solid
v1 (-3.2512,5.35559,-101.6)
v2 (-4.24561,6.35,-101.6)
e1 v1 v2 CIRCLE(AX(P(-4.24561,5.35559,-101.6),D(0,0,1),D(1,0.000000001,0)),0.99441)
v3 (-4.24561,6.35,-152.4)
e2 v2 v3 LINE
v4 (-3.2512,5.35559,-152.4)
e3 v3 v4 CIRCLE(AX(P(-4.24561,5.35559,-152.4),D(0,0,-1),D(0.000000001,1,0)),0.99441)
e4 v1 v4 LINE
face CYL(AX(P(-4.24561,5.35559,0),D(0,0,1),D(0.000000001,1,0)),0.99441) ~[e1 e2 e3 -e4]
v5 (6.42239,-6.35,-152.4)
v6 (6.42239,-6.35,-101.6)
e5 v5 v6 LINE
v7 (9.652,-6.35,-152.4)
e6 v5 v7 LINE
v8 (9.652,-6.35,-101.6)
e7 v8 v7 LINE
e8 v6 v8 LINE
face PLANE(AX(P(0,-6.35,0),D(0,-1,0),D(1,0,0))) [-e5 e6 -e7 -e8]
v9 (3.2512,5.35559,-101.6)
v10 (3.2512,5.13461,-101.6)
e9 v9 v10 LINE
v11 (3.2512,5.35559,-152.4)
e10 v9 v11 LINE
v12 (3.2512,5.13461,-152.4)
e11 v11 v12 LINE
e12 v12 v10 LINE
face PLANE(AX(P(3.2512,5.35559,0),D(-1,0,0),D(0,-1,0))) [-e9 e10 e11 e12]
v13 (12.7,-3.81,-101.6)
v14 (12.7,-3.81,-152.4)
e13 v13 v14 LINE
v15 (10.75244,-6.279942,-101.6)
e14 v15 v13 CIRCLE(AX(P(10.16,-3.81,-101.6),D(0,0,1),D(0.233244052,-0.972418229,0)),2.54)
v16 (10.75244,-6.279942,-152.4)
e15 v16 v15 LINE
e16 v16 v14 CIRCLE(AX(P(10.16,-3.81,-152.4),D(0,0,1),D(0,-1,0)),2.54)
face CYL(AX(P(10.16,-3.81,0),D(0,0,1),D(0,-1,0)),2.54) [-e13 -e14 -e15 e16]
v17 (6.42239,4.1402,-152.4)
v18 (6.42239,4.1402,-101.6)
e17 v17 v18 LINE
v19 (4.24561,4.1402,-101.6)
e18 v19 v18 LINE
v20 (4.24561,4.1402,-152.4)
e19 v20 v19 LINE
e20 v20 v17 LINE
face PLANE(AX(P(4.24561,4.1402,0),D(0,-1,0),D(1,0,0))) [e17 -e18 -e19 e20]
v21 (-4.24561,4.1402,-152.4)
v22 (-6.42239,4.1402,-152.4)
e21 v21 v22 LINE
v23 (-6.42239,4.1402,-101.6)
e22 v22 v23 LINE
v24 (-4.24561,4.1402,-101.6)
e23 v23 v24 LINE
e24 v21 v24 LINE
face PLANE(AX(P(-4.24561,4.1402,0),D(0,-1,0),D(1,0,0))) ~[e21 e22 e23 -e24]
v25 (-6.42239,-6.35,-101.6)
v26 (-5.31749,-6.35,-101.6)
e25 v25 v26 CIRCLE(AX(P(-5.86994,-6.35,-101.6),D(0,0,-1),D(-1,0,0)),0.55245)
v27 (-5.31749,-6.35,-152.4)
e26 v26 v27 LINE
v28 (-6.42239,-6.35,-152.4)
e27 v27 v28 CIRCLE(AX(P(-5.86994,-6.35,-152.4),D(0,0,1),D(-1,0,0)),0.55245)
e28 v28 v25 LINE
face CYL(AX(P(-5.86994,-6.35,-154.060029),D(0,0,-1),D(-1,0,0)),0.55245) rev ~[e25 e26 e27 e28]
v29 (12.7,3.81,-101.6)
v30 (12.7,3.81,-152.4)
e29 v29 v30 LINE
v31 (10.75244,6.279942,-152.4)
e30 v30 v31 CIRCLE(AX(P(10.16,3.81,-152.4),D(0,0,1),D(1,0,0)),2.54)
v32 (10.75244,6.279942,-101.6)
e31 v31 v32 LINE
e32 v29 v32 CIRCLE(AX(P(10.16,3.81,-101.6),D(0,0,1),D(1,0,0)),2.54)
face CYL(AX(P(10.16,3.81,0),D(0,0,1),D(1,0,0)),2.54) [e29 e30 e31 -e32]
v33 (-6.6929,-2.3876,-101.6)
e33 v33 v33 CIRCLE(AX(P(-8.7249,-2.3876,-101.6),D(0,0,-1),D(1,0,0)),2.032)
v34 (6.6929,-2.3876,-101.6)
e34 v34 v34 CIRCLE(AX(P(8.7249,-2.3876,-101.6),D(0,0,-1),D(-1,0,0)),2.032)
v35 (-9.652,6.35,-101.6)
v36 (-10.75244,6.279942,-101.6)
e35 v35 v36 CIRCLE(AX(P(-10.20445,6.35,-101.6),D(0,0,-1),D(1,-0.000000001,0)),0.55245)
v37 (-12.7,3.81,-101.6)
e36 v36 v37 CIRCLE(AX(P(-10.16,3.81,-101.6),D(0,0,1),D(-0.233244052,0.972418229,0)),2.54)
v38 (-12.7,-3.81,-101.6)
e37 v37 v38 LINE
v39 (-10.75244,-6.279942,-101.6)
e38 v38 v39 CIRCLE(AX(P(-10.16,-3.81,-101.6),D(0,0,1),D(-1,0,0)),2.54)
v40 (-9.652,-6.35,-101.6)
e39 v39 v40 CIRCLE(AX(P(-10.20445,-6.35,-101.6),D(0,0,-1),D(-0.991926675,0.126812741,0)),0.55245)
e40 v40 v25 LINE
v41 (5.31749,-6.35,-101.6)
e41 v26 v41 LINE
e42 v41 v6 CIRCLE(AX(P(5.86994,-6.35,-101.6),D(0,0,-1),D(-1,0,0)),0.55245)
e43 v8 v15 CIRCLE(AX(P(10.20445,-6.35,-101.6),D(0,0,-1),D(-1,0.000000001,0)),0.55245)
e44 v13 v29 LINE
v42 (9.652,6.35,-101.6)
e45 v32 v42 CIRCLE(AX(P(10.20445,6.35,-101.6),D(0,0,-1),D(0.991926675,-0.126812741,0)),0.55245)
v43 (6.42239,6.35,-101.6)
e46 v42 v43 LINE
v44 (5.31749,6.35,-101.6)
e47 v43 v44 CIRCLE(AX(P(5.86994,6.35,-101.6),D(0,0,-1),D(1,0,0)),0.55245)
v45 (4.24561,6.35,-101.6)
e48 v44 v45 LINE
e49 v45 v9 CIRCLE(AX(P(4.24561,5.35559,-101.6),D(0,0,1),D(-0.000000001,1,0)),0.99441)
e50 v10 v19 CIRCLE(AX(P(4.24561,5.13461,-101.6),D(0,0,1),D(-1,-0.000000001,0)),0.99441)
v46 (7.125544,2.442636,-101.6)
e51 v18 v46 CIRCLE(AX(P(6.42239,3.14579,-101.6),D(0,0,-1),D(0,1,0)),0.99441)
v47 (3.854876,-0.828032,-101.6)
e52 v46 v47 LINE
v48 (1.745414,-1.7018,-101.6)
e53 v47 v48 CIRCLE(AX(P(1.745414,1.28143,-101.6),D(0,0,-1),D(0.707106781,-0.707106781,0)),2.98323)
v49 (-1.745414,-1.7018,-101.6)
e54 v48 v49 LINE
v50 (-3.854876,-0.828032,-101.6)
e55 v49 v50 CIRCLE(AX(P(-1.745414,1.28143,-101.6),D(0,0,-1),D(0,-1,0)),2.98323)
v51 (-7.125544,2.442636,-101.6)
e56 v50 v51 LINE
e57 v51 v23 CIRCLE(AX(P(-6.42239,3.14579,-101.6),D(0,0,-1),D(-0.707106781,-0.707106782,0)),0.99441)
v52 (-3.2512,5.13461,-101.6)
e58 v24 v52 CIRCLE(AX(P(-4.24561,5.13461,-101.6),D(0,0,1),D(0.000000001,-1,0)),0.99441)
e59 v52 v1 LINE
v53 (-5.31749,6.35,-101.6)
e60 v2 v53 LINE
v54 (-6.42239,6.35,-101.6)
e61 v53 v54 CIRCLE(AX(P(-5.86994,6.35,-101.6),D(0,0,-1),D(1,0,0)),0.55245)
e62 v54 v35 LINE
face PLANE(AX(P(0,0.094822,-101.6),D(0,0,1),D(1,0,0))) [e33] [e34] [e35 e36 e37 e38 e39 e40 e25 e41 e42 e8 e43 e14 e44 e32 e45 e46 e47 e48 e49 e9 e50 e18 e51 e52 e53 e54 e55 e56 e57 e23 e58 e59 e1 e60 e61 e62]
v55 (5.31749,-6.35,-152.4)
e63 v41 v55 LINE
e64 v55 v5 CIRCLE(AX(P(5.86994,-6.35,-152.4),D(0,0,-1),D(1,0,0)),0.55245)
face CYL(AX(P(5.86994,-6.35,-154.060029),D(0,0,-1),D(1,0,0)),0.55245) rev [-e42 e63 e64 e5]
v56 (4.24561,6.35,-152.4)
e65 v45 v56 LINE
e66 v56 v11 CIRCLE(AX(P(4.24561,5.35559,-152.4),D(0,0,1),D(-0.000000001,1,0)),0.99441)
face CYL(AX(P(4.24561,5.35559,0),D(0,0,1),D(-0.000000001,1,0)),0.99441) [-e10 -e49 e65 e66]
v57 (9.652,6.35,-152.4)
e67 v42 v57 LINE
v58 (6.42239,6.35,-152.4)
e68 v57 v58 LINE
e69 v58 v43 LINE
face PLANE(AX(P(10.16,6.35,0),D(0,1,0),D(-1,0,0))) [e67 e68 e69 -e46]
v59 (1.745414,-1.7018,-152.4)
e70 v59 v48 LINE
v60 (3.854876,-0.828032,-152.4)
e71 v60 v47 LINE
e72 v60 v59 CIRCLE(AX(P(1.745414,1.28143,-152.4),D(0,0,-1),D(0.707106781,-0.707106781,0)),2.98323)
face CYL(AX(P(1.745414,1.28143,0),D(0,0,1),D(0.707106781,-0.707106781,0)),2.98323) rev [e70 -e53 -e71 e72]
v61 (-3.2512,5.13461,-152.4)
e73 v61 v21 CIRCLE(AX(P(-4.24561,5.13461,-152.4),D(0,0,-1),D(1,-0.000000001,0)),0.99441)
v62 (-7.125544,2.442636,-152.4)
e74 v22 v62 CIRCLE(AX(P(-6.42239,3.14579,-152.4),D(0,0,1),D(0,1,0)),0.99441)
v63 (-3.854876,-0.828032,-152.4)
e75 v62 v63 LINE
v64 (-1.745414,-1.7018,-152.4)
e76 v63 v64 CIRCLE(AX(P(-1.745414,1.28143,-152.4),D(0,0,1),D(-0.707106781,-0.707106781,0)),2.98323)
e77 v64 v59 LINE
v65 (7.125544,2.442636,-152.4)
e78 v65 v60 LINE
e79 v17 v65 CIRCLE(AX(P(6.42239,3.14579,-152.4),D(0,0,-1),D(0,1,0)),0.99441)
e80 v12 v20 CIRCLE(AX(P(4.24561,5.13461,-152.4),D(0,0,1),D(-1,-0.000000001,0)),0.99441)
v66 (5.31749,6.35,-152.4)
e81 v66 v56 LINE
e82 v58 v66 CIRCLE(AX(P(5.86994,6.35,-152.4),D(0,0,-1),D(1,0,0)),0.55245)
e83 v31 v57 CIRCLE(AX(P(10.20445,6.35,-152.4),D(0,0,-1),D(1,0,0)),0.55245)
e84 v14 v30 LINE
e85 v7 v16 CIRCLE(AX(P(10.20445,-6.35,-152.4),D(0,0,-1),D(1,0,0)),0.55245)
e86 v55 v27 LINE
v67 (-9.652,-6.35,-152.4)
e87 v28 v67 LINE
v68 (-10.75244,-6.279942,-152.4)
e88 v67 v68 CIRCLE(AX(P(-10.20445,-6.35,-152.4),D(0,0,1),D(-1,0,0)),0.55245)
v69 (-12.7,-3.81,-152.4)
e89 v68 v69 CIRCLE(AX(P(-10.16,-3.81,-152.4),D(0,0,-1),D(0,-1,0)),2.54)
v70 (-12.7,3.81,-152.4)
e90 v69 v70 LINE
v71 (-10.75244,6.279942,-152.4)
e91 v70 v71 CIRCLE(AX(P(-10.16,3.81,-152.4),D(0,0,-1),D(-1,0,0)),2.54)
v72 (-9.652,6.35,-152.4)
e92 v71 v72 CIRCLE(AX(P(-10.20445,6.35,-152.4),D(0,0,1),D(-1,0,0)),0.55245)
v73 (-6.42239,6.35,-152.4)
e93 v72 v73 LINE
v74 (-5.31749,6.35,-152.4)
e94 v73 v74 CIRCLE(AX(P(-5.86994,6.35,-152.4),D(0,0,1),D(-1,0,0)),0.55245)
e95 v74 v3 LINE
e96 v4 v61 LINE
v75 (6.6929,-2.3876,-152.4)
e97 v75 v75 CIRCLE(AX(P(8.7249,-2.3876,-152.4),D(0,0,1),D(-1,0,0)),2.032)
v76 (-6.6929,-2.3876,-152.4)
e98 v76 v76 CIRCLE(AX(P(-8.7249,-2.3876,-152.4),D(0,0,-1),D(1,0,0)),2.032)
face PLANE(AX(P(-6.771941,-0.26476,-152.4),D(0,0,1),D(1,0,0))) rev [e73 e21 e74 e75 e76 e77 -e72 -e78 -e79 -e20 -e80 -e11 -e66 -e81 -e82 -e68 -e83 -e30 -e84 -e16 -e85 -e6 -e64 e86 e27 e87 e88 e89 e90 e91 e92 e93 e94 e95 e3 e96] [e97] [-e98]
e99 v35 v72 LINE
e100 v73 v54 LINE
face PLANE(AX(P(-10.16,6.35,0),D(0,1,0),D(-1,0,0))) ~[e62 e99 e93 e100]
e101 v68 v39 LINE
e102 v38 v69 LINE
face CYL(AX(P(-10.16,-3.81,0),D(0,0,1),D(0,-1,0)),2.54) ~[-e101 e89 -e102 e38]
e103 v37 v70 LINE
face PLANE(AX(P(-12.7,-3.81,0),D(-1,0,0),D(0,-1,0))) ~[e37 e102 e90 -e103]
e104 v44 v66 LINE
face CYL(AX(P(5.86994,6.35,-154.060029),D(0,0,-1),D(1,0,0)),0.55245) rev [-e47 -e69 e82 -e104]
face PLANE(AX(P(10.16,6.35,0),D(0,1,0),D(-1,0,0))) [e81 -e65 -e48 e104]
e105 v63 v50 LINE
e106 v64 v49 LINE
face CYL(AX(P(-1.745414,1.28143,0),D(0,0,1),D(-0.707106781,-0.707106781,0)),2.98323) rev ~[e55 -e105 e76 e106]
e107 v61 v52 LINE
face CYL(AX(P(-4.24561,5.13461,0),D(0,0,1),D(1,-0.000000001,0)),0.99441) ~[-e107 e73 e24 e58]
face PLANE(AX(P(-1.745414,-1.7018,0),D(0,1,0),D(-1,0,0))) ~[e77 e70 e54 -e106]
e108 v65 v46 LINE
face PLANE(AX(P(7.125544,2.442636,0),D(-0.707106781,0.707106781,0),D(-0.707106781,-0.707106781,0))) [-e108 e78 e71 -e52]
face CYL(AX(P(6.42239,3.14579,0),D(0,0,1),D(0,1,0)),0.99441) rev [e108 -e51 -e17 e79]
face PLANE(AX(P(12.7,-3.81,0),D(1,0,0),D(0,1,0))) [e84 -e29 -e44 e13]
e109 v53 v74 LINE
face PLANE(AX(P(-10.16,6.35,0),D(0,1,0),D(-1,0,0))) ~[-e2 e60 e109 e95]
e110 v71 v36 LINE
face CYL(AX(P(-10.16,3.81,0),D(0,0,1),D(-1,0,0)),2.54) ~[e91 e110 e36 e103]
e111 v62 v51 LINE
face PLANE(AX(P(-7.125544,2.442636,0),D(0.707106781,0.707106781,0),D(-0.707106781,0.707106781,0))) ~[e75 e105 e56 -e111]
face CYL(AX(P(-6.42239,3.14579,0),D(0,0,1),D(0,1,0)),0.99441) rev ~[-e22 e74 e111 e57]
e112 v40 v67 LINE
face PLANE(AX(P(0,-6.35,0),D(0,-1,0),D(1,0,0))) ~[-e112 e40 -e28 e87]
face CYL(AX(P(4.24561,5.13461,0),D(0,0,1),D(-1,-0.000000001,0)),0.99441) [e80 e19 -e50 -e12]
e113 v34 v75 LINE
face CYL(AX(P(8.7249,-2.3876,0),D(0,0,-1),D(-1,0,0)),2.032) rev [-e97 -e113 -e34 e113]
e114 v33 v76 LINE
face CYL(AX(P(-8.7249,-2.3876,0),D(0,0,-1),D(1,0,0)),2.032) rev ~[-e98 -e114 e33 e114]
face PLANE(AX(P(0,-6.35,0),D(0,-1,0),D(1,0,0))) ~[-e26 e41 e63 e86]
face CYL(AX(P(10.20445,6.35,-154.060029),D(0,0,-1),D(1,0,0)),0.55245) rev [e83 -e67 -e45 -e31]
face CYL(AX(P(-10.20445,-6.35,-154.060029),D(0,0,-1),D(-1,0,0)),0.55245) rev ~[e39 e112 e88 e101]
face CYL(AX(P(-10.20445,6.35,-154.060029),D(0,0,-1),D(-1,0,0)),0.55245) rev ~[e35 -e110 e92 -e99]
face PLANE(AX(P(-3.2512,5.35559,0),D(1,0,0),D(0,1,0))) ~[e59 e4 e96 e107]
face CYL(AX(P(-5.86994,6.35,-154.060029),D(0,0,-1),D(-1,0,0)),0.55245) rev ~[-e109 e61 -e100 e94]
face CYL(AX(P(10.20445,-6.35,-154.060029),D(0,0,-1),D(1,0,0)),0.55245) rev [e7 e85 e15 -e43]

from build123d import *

# Parameters (mm, degrees)
SKETCH3_R               = 2.032
BOSS_EXTRUDE1_DEPTH     = 152.4
CUT_EXTRUDE1_DEPTH      = 154.060029074
CUT_EXTRUDE1_DEPTH_BACK = 154.060029074
SKETCH4_R               = 0.55245
CUT_EXTRUDE2_DEPTH      = 254


with BuildPart() as part:
    # Sketch3 → Boss-Extrude1 (new, symmetric)
    with BuildSketch(Plane.XY):
        with BuildLine():
            Line((3.2512, 5.35559), (3.2512, 5.13461))
            ThreePointArc((3.2512, 5.13461), (3.542455946, 4.431455946), (4.24561, 4.1402))
            Line((4.24561, 4.1402), (6.42239, 4.1402))
            ThreePointArc((6.42239, 4.1402), (7.341105046, 3.526334232), (7.125544054, 2.442635946))
            Line((7.125544054, 2.442635946), (3.854875946, -0.828032163))
            ThreePointArc((3.854875946, -0.828032163), (2.887046479, -1.474715138), (1.745413783, -1.7018))
            Line((1.745413783, -1.7018), (0, -1.7018))
            Line((0, -1.7018), (0, -6.35))
            Line((0, -6.35), (10.16, -6.35))
            ThreePointArc((10.16, -6.35), (11.956051224, -5.606051224), (12.7, -3.81))
            Line((12.7, -3.81), (12.7, 3.81))
            ThreePointArc((12.7, 3.81), (11.956051224, 5.606051224), (10.16, 6.35))
            Line((10.16, 6.35), (4.24561, 6.35))
            ThreePointArc((4.24561, 6.35), (3.542455946, 6.058744054), (3.2512, 5.35559))
        make_face()
        with Locations(Location((8.7249, -2.3876, 0), (0, 0, 180))):
            Circle(SKETCH3_R, mode=Mode.SUBTRACT)
    extrude(amount=BOSS_EXTRUDE1_DEPTH, both=True)

    # Sketch4 → Cut-Extrude1 (cut, two sides: drawn at the far end of the back side and taken through both)
    with BuildSketch(Plane.XY.offset(-CUT_EXTRUDE1_DEPTH_BACK)):
        with Locations((5.86994, 6.35)):
            Circle(SKETCH4_R)
        with Locations((10.20445, 6.35)):
            Circle(SKETCH4_R)
        with Locations((5.86994, -6.35)):
            Circle(SKETCH4_R)
        with Locations((10.20445, -6.35)):
            Circle(SKETCH4_R)
    extrude(amount=CUT_EXTRUDE1_DEPTH + CUT_EXTRUDE1_DEPTH_BACK, mode=Mode.SUBTRACT)

    # Mirror1: part across plane


with BuildPart() as part_1:
    add(part.part)
    add(part.part.mirror(Plane(origin=(0, 0, 0), x_dir=(0, 0, 1), z_dir=(1, 0, 0))))

    # Sketch5 → Cut-Extrude2 (cut)
    with BuildSketch(Plane.XY.offset(152.4)):
        with BuildLine():
            Line((9.652, 6.35), (6.42239, 6.35))
            ThreePointArc((6.42239, 6.35), (5.86994, 5.79755), (5.31749, 6.35))
            Line((5.31749, 6.35), (4.24561, 6.35))
            ThreePointArc((4.24561, 6.35), (3.542455946, 6.058744054), (3.2512, 5.35559))
            Line((3.2512, 5.35559), (3.2512, 5.13461))
            ThreePointArc((3.2512, 5.13461), (3.542455946, 4.431455946), (4.24561, 4.1402))
            Line((4.24561, 4.1402), (6.42239, 4.1402))
            ThreePointArc((6.42239, 4.1402), (7.341105046, 3.526334232), (7.125544054, 2.442635946))
            Line((7.125544054, 2.442635946), (3.854875946, -0.828032163))
            ThreePointArc((3.854875946, -0.828032163), (2.887046479, -1.474715138), (1.745413783, -1.7018))
            Line((1.745413783, -1.7018), (-1.745413783, -1.7018))
            ThreePointArc((-1.745413783, -1.7018), (-2.887046479, -1.474715138), (-3.854875946, -0.828032163))
            Line((-3.854875946, -0.828032163), (-7.125544054, 2.442635946))
            ThreePointArc((-7.125544054, 2.442635946), (-7.341105046, 3.526334232), (-6.42239, 4.1402))
            Line((-6.42239, 4.1402), (-4.24561, 4.1402))
            ThreePointArc((-4.24561, 4.1402), (-3.542455946, 4.431455946), (-3.2512, 5.13461))
            Line((-3.2512, 5.13461), (-3.2512, 5.35559))
            ThreePointArc((-3.2512, 5.35559), (-3.542455946, 6.058744054), (-4.24561, 6.35))
            Line((-4.24561, 6.35), (-5.31749, 6.35))
            ThreePointArc((-5.31749, 6.35), (-5.86994, 5.79755), (-6.42239, 6.35))
            Line((-6.42239, 6.35), (-9.652, 6.35))
            ThreePointArc((-9.652, 6.35), (-10.169350236, 5.798666155), (-10.752439892, 6.279942302))
            ThreePointArc((-10.752439892, 6.279942302), (-12.154542219, 5.382705102), (-12.7, 3.81))
            Line((-12.7, 3.81), (-12.7, -3.81))
            ThreePointArc((-12.7, -3.81), (-12.154542219, -5.382705102), (-10.752439892, -6.279942302))
            ThreePointArc((-10.752439892, -6.279942302), (-10.169350236, -5.798666155), (-9.652, -6.35))
            Line((-9.652, -6.35), (-6.42239, -6.35))
            ThreePointArc((-6.42239, -6.35), (-5.86994, -5.79755), (-5.31749, -6.35))
            Line((-5.31749, -6.35), (5.31749, -6.35))
            ThreePointArc((5.31749, -6.35), (5.86994, -5.79755), (6.42239, -6.35))
            Line((6.42239, -6.35), (9.652, -6.35))
            ThreePointArc((9.652, -6.35), (10.169350236, -5.798666155), (10.752439892, -6.279942302))
            ThreePointArc((10.752439892, -6.279942302), (12.154542219, -5.382705102), (12.7, -3.81))
            Line((12.7, -3.81), (12.7, 3.81))
            ThreePointArc((12.7, 3.81), (12.154542219, 5.382705102), (10.752439892, 6.279942302))
            ThreePointArc((10.752439892, 6.279942302), (10.169350236, 5.798666155), (9.652, 6.35))
        make_face()
    extrude(amount=-CUT_EXTRUDE2_DEPTH, mode=Mode.SUBTRACT)


solid = part_1.part
